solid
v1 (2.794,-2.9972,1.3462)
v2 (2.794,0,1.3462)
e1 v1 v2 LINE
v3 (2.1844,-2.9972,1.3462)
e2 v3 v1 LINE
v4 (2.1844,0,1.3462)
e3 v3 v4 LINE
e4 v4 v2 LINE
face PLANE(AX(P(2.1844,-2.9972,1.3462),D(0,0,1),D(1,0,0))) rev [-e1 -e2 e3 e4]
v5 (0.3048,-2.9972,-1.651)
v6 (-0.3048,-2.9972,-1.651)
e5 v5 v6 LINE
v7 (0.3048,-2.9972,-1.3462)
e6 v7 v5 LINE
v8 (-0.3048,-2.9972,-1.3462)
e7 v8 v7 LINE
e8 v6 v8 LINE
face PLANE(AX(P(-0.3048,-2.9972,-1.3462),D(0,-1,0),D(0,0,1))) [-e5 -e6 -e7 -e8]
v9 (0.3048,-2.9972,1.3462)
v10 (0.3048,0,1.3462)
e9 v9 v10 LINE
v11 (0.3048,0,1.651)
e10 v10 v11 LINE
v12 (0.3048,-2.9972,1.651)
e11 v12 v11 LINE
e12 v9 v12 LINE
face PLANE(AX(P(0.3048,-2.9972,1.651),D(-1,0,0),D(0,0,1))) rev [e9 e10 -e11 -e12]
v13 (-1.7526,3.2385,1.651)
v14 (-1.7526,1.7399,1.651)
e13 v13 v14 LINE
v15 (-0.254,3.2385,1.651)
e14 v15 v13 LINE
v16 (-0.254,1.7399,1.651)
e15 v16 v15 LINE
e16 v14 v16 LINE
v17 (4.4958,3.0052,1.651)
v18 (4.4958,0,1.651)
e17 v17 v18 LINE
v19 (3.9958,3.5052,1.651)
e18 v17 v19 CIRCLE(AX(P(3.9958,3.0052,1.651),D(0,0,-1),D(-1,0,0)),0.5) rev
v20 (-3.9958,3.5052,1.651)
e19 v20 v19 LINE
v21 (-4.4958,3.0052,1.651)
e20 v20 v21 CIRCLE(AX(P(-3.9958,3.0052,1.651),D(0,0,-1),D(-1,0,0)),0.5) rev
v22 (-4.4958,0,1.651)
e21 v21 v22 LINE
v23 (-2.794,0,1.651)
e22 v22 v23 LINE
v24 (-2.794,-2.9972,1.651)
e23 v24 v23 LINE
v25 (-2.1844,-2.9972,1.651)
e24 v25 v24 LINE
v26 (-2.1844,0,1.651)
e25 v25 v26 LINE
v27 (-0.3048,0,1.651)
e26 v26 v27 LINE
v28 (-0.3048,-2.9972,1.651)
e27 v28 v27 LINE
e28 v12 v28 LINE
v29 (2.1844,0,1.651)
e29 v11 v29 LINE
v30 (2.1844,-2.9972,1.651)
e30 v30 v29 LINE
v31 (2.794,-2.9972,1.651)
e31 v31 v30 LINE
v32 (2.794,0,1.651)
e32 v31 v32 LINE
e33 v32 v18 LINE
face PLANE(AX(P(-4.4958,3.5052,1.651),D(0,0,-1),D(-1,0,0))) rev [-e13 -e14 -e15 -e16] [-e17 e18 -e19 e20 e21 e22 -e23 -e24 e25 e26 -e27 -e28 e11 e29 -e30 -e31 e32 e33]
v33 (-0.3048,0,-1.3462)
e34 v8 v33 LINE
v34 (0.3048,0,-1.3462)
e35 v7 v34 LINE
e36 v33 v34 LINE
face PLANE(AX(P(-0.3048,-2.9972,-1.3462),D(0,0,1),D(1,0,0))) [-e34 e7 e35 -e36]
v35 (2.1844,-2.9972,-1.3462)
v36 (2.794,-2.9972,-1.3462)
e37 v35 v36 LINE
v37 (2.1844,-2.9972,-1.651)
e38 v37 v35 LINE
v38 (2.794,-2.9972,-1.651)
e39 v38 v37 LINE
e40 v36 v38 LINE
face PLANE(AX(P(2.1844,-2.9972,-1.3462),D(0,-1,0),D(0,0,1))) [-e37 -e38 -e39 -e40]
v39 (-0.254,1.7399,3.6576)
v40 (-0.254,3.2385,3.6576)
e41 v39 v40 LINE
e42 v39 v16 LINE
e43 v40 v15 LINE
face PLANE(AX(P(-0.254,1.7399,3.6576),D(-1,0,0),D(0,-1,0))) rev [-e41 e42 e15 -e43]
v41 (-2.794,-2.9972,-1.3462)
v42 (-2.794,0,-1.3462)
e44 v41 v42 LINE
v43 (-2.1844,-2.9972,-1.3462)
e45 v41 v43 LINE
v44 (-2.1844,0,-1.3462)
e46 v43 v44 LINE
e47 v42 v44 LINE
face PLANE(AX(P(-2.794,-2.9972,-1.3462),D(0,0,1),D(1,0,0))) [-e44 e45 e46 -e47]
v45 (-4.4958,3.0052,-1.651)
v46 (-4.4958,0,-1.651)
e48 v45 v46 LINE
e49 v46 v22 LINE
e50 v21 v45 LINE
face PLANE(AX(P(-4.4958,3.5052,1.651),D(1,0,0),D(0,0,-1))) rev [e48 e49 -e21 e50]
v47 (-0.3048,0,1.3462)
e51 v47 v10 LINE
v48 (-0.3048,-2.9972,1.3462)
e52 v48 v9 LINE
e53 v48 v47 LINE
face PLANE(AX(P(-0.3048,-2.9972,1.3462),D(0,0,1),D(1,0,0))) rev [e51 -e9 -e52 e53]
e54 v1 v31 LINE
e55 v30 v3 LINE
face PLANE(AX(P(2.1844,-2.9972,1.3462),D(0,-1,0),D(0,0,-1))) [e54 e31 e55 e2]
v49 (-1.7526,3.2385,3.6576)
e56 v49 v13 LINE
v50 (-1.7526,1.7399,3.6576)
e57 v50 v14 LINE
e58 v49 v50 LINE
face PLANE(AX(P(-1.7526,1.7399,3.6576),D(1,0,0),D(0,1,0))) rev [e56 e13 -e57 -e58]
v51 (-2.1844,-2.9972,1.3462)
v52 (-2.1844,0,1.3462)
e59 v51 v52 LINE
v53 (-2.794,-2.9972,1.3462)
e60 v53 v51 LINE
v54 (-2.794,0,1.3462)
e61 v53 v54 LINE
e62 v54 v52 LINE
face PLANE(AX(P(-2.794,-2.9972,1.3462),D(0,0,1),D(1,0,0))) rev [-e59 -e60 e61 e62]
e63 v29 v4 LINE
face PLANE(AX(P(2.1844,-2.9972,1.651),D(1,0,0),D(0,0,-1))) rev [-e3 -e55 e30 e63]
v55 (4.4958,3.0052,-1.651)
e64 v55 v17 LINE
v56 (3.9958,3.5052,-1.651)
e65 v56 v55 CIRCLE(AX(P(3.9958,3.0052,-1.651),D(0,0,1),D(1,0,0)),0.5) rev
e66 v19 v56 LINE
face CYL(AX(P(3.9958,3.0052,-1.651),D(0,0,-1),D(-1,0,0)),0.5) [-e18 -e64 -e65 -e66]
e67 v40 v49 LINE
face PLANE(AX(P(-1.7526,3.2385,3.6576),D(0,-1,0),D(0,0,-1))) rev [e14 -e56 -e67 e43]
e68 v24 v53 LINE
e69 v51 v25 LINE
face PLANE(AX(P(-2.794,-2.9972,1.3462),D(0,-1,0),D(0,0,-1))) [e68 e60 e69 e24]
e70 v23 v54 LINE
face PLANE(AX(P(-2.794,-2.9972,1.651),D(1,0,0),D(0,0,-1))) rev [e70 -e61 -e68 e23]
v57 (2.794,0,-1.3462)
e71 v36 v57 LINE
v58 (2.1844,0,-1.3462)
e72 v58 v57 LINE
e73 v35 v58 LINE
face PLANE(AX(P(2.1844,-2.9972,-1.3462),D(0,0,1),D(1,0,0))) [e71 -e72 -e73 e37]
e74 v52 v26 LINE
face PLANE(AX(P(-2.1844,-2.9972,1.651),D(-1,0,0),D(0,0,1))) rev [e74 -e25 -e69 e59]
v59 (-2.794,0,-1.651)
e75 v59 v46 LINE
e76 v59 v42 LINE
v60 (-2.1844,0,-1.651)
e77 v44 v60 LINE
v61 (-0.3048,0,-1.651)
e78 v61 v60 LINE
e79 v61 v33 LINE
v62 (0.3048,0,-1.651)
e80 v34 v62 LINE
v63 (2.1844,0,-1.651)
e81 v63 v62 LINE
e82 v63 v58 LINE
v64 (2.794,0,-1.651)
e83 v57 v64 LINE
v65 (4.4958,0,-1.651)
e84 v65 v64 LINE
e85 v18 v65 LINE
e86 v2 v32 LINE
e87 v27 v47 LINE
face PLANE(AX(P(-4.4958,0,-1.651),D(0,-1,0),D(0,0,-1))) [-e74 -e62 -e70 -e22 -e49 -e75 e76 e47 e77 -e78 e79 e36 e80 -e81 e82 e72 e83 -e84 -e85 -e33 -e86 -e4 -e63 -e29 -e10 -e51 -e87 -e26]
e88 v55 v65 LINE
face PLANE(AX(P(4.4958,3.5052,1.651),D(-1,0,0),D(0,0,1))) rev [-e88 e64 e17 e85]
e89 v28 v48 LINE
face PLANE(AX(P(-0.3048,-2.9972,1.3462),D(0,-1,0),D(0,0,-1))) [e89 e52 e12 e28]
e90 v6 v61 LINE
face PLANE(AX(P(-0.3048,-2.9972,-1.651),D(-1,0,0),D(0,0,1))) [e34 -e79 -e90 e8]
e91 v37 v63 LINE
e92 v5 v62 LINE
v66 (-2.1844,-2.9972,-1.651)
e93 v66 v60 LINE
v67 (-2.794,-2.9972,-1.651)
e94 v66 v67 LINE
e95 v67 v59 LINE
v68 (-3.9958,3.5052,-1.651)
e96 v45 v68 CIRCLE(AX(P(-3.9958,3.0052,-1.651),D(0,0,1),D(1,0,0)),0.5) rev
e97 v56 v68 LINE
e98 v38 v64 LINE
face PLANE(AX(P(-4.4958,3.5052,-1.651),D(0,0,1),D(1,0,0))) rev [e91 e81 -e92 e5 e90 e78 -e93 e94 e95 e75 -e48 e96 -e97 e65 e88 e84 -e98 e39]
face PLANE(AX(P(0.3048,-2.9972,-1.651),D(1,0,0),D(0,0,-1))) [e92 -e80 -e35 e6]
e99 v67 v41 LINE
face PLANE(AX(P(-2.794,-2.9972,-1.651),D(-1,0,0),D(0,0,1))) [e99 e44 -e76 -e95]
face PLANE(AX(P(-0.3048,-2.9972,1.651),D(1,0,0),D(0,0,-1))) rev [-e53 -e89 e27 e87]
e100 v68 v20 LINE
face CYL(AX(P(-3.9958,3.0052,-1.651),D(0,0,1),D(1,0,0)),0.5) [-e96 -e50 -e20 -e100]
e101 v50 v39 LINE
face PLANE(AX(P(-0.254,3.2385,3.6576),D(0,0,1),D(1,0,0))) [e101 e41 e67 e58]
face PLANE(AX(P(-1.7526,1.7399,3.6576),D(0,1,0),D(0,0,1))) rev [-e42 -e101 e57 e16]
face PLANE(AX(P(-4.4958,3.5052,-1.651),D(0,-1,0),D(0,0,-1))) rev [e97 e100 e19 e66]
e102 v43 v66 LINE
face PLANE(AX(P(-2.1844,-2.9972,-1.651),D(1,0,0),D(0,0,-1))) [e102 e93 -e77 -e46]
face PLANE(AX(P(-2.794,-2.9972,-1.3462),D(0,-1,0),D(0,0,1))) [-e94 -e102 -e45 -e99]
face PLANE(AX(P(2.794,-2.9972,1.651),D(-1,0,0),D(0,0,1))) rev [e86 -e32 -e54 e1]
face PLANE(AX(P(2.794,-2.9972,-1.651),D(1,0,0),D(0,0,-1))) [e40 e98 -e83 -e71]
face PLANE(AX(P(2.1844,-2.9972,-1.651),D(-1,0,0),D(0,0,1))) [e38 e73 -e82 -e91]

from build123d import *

# Parameters (mm, degrees)
SKETCH1_W               = 8.9916
SKETCH1_H               = 3.302
BOSS_EXTRUDE1_DEPTH     = 3.5052
SKETCH2_W               = 1.4986
SKETCH2_H               = 1.4986
BOSS_EXTRUDE2_DEPTH     = 2.0066
FILLET1_R               = 0.5
SKETCH3_W               = 0.6096
SKETCH3_H               = 0.3048
BOSS_EXTRUDE3_DEPTH     = 2.9972
LPATTERN1_COUNT         = 3
LPATTERN1_PITCH         = 2.4892
MIRROR6_COPY_1_SKETCH_W = 0.6096
MIRROR6_COPY_1_SKETCH_H = 0.3048
MIRROR6_COPY_1_DEPTH    = 2.9972
MIRROR6_COPY_2_SKETCH_W = 0.6096
MIRROR6_COPY_2_SKETCH_H = 0.3048
MIRROR6_COPY_2_DEPTH    = 2.9972


with BuildPart() as part:
    # Sketch1 → Boss-Extrude1 (new body)
    with BuildSketch(Plane(origin=(0, 0, 0), x_dir=(1, 0, 0), z_dir=(0, 1, 0))):
        Rectangle(SKETCH1_W, SKETCH1_H)
    extrude(amount=BOSS_EXTRUDE1_DEPTH)

    # Sketch2 → Boss-Extrude2 (add)
    with BuildSketch(Plane.XY.offset(1.651)):
        with Locations((-1.0033, 2.4892)):
            Rectangle(SKETCH2_W, SKETCH2_H)
    extrude(amount=BOSS_EXTRUDE2_DEPTH)

    # Fillet1
    fillet1_edges = [part.edges().sort_by_distance(p)[0] for p in [
        (4.4958, 3.5052, 0),
        (-4.4958, 3.5052, 0),
    ]]
    fillet(fillet1_edges, radius=FILLET1_R)

    # Sketch3 → Boss-Extrude3 (add)
    with BuildSketch(Plane.XZ):
        with Locations((2.4892, 1.4986)):
            Rectangle(SKETCH3_W, SKETCH3_H)
    boss_extrude3 = extrude(amount=BOSS_EXTRUDE3_DEPTH)

    # LPattern1: Boss-Extrude3 ×3
    with Locations(*[(-i * LPATTERN1_PITCH, 0, 0) for i in range(1, LPATTERN1_COUNT)]):
        add(boss_extrude3)

    # Mirror6: Boss-Extrude3 across plane
    add(boss_extrude3.mirror(Plane.XY))

    # Mirror6 copy 1 sketch → Mirror6 copy 1 (add)
    with BuildSketch(Plane(origin=(-2.4892, 0, 0), x_dir=(1, 0, 0), z_dir=(0, -1, 0))):
        with Locations((2.4892, -1.4986)):
            Rectangle(MIRROR6_COPY_1_SKETCH_W, MIRROR6_COPY_1_SKETCH_H)
    extrude(amount=MIRROR6_COPY_1_DEPTH)

    # Mirror6 copy 2 sketch → Mirror6 copy 2 (add)
    with BuildSketch(Plane(origin=(-4.9784, 0, 0), x_dir=(1, 0, 0), z_dir=(0, -1, 0))):
        with Locations((2.4892, -1.4986)):
            Rectangle(MIRROR6_COPY_2_SKETCH_W, MIRROR6_COPY_2_SKETCH_H)
    extrude(amount=MIRROR6_COPY_2_DEPTH)


solid = part.part
